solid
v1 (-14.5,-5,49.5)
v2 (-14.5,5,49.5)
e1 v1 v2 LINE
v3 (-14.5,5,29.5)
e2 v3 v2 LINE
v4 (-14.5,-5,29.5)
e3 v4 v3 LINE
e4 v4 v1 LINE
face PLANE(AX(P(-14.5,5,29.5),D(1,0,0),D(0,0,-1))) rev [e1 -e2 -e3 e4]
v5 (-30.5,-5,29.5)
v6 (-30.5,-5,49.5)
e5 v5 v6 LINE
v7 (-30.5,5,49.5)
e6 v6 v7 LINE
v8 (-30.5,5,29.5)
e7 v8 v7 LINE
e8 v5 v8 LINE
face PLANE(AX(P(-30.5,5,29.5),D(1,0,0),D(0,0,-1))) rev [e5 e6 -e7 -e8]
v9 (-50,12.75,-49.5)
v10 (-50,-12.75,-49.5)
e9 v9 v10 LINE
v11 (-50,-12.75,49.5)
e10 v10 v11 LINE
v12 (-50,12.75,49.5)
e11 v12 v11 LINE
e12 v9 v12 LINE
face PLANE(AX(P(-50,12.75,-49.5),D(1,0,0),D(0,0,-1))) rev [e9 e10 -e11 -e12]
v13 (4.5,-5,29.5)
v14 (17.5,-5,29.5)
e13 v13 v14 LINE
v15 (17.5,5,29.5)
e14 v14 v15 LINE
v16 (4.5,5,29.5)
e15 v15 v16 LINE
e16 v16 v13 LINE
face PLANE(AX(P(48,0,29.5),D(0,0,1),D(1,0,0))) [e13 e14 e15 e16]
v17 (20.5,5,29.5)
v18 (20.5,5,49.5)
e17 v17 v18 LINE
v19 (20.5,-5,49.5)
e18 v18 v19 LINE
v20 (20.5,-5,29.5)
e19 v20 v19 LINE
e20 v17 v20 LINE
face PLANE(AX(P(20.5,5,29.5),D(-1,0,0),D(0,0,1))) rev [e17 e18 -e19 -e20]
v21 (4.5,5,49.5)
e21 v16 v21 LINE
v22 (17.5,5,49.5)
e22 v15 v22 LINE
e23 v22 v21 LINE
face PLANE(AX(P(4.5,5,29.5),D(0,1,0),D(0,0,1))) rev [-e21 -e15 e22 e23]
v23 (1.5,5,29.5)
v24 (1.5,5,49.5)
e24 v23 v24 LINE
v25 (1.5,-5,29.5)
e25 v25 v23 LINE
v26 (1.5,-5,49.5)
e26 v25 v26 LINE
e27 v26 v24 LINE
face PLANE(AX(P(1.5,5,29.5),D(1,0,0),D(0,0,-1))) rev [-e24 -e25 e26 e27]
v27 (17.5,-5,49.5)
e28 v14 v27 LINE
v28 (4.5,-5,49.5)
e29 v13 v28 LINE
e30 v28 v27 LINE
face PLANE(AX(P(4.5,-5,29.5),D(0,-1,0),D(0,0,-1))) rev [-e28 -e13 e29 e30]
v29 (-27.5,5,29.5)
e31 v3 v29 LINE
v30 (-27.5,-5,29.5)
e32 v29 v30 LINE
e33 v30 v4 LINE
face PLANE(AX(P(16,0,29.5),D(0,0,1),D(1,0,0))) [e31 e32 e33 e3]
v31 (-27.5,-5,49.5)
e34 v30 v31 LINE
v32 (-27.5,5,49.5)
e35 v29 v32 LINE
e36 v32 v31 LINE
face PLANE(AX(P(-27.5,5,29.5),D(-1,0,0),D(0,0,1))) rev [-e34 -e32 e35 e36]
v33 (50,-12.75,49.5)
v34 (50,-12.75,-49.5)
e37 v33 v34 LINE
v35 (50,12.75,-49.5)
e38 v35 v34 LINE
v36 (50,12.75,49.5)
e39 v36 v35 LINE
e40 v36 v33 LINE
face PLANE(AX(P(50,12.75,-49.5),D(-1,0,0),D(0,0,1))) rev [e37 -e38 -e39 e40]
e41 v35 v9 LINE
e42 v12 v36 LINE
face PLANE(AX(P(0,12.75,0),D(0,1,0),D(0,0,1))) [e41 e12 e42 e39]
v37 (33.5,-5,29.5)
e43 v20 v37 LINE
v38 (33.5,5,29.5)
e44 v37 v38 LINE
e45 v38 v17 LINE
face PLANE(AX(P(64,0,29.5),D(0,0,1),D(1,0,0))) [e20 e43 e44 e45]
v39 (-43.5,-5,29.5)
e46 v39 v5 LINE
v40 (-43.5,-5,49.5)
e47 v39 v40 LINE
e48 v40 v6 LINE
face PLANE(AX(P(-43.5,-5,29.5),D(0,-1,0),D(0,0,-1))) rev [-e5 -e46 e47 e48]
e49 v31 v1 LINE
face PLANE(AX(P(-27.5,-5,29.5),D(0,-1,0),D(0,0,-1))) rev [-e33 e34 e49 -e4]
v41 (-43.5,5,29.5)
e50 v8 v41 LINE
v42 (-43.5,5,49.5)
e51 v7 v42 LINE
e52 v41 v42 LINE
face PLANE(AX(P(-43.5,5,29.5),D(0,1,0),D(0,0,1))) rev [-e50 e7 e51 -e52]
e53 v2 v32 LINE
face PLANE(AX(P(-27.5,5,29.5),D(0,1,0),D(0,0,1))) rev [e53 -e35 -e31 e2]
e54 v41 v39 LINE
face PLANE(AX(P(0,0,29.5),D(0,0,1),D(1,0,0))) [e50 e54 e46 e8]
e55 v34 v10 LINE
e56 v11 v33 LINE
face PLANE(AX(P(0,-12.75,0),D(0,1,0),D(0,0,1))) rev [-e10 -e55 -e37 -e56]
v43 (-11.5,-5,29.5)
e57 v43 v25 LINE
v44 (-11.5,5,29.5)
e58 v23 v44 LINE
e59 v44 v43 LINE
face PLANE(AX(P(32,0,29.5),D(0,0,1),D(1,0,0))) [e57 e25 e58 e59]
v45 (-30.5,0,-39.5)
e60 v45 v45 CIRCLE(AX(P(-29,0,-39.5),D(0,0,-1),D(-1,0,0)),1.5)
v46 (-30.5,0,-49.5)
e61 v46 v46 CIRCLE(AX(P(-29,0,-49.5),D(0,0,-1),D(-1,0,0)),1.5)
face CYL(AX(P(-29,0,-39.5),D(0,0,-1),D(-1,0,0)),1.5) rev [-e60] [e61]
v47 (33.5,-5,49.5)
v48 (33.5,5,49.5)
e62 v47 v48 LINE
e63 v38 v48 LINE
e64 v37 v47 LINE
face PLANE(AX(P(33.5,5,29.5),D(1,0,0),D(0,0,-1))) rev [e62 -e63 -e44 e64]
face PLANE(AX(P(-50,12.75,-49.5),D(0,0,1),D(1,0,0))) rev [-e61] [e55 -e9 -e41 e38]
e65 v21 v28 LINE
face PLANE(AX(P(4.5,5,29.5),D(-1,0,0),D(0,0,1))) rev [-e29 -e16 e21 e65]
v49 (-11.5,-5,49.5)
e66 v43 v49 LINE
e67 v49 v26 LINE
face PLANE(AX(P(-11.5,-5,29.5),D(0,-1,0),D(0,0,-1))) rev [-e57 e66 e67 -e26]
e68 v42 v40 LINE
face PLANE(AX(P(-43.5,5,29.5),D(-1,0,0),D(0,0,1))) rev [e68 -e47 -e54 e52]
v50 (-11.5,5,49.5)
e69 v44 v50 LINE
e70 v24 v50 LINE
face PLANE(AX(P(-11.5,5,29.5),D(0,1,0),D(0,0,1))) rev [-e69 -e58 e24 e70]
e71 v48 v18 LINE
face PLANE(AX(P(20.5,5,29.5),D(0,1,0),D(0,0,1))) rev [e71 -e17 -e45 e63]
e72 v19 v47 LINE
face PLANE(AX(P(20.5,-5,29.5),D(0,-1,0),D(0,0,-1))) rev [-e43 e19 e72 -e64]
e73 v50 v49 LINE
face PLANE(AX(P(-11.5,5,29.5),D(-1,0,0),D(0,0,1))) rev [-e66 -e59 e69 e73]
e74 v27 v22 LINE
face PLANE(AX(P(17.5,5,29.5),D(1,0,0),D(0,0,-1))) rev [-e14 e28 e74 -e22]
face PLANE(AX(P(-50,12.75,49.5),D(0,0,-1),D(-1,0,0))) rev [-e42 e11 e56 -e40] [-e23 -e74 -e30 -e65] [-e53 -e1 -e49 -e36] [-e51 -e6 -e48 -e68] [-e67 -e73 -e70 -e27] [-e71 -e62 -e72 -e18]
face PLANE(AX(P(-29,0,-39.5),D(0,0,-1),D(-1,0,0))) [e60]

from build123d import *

# Parameters (mm, degrees)
SKETCH1_W           = 100
SKETCH1_H           = 99
BOSS_EXTRUDE1_DEPTH = 12.75
SKETCH2_W           = 13
SKETCH2_H           = 10
CUT_EXTRUDE1_DEPTH  = 20
LPATTERN1_COUNT     = 5
LPATTERN1_PITCH     = 16
SKETCH3_R           = 1.5
CUT_EXTRUDE2_DEPTH  = 10


with BuildPart() as part:
    # Sketch1 → Boss-Extrude1 (new, symmetric)
    with BuildSketch(Plane(origin=(0, 0, 0), x_dir=(1, 0, 0), z_dir=(0, 1, 0))):
        Rectangle(SKETCH1_W, SKETCH1_H)
    extrude(amount=BOSS_EXTRUDE1_DEPTH, both=True)

    # Sketch2 → Cut-Extrude1 (cut)
    with BuildSketch(Plane.XY.offset(49.5)):
        with Locations((-37, 0)):
            Rectangle(SKETCH2_W, SKETCH2_H)
    cut_extrude1 = extrude(amount=-CUT_EXTRUDE1_DEPTH, mode=Mode.SUBTRACT)

    # LPattern1: Cut-Extrude1 ×5
    with Locations(*[(i * LPATTERN1_PITCH, 0, 0) for i in range(1, LPATTERN1_COUNT)]):
        add(cut_extrude1, mode=Mode.SUBTRACT)

    # Sketch3 → Cut-Extrude2 (cut)
    with BuildSketch(Plane(origin=(0, 0, -49.5), x_dir=(-1, 0, 0), z_dir=(0, 0, -1))):
        with Locations((29, 0)):
            Circle(SKETCH3_R)
    extrude(amount=-CUT_EXTRUDE2_DEPTH, mode=Mode.SUBTRACT)


solid = part.part
